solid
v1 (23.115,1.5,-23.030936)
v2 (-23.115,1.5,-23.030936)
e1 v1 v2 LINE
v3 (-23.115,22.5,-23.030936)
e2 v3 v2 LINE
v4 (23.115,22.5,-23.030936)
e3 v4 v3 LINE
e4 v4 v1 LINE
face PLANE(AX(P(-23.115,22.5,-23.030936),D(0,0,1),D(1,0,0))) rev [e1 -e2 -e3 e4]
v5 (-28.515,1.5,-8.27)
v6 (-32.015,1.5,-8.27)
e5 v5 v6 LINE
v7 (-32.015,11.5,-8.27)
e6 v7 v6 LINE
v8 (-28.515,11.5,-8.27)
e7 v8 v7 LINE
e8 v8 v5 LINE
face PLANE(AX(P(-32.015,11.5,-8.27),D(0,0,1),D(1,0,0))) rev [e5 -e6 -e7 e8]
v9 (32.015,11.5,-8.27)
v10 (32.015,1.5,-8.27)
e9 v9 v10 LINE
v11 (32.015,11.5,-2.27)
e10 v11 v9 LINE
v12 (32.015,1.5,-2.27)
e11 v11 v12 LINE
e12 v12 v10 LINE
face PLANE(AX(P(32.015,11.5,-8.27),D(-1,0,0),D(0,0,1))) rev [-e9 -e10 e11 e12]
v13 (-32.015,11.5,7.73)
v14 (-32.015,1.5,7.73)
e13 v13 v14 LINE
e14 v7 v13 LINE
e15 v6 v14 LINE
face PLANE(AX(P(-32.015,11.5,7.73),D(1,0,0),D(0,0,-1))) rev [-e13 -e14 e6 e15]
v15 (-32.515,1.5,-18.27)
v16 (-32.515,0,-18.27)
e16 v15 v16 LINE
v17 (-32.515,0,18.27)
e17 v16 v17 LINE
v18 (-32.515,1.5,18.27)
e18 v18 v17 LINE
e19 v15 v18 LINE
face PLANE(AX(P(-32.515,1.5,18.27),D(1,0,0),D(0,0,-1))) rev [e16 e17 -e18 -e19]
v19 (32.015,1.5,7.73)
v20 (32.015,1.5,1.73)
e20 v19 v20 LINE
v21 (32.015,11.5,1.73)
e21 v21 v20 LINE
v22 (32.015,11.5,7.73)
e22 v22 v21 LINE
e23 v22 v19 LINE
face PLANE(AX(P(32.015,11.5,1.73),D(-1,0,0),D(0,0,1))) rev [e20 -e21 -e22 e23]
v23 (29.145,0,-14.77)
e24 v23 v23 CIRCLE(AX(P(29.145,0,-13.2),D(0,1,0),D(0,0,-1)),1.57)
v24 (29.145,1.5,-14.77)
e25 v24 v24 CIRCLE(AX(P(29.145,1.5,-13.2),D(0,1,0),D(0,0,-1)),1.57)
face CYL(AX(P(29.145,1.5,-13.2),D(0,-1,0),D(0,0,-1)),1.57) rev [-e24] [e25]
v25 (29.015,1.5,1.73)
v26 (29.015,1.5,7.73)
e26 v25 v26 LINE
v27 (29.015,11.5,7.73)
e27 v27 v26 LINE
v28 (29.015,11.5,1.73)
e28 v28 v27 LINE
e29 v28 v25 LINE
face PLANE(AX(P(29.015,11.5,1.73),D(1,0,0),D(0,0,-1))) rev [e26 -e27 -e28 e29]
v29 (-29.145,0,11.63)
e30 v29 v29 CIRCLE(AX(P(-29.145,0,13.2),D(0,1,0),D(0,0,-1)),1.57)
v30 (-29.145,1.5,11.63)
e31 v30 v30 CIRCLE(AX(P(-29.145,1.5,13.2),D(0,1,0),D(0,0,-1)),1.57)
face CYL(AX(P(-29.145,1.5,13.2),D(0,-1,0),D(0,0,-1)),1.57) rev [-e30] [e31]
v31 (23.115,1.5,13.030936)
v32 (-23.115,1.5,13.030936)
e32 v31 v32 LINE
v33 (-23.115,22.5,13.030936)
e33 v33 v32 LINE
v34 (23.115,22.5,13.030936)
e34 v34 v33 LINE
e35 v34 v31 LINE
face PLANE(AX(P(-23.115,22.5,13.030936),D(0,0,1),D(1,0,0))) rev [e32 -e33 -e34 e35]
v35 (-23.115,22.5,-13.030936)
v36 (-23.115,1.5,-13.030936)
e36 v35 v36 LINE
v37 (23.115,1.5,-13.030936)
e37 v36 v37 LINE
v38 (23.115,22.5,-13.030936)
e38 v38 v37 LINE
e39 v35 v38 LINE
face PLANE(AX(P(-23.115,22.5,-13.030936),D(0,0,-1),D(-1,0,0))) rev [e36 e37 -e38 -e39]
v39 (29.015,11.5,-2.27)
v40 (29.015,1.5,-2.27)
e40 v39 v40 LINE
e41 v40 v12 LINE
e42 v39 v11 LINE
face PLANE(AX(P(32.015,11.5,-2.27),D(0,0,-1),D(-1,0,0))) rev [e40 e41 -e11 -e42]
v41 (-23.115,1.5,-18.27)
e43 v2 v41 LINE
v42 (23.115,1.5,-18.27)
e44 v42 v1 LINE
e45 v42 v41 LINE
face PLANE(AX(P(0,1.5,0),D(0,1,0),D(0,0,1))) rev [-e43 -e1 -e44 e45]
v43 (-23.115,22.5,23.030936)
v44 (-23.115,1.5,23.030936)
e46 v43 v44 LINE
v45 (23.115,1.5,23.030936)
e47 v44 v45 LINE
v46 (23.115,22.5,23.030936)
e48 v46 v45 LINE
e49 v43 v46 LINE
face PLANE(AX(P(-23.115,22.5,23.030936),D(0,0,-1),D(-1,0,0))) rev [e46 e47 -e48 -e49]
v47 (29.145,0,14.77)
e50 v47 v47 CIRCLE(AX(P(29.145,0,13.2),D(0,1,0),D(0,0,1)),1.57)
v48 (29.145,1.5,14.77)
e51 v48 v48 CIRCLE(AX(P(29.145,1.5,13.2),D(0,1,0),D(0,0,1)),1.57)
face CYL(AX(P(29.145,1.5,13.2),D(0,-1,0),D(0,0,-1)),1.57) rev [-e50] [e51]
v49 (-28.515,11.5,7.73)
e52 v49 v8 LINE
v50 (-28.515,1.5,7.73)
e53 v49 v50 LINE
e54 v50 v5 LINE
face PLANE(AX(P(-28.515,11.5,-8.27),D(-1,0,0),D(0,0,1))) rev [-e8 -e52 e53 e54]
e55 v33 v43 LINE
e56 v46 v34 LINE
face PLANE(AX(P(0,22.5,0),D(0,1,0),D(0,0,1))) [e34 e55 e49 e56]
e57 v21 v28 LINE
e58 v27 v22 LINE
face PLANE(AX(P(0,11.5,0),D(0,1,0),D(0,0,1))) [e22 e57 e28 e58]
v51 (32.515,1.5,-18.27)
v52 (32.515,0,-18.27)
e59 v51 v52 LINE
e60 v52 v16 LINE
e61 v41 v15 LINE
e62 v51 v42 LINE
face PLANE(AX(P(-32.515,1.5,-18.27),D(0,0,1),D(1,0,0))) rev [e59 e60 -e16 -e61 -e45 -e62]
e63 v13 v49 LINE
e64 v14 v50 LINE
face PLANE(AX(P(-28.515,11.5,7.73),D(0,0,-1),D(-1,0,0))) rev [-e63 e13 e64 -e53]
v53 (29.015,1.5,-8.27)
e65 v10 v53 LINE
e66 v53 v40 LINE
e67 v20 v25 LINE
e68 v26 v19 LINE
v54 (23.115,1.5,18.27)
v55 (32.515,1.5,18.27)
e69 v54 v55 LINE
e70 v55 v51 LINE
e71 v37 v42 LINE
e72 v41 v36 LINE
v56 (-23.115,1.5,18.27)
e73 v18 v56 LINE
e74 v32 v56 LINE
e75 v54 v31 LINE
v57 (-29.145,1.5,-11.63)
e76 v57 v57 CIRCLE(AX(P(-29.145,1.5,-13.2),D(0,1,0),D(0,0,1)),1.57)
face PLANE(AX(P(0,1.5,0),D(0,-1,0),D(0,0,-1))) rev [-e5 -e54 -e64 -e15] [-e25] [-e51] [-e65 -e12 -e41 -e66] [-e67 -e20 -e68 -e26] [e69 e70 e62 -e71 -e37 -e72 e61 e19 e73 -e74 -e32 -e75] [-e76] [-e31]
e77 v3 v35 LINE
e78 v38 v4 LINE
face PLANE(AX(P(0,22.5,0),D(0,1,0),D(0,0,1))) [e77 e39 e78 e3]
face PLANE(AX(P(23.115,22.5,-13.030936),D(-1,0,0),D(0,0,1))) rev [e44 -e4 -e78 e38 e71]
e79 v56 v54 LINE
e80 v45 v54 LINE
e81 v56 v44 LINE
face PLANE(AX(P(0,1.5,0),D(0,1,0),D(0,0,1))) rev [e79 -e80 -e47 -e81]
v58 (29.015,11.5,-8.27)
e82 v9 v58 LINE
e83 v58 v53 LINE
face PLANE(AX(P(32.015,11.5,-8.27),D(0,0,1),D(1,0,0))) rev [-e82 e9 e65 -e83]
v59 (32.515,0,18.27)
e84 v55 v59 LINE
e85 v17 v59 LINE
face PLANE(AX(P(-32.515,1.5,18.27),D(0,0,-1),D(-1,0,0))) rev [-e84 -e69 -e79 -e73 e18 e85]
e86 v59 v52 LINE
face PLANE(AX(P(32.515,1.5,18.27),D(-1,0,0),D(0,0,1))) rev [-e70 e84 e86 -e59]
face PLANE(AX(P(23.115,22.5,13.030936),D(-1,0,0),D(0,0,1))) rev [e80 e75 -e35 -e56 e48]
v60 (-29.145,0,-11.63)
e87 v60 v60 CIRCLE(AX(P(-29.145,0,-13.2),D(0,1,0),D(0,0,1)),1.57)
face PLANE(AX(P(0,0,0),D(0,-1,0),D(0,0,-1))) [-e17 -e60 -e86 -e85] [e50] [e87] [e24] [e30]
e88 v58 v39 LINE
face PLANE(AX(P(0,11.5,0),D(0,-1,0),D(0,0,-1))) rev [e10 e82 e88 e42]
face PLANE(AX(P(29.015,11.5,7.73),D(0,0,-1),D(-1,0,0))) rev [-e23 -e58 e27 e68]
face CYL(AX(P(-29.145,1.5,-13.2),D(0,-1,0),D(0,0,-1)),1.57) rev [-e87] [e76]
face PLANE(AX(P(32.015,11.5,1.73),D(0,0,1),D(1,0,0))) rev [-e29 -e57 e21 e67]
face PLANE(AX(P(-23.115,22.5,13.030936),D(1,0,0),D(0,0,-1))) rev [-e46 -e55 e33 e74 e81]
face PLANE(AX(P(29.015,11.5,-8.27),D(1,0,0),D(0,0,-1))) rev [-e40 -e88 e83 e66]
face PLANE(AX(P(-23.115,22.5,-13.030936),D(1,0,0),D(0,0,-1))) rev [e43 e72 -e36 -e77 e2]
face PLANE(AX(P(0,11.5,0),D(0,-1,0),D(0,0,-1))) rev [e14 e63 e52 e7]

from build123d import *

# Parameters (mm, degrees)
SKETCH1_W           = 65.03
SKETCH1_H           = 36.54
SKETCH1_R           = 1.57
BOSS_EXTRUDE1_DEPTH = 1.5
SKETCH2_W           = 3
SKETCH2_H           = 6
SKETCH2_W_2         = 3.5
SKETCH2_H_2         = 16
BOSS_EXTRUDE2_DEPTH = 10
SKETCH3_W           = 46.23
SKETCH3_H           = 10
BOSS_EXTRUDE3_DEPTH = 21


with BuildPart() as part:
    # Sketch1 → Boss-Extrude1 (new body)
    with BuildSketch(Plane(origin=(0, 0, 0), x_dir=(1, 0, 0), z_dir=(0, 1, 0))):
        Rectangle(SKETCH1_W, SKETCH1_H)
        with Locations(Location((-29.145, 13.2, 0), (0, 0, 270))):
            Circle(SKETCH1_R, mode=Mode.SUBTRACT)
        with Locations(Location((29.145, 13.2, 0), (0, 0, 90))):
            Circle(SKETCH1_R, mode=Mode.SUBTRACT)
        with Locations(Location((29.145, -13.2, 0), (0, 0, 270))):
            Circle(SKETCH1_R, mode=Mode.SUBTRACT)
        with Locations(Location((-29.145, -13.2, 0), (0, 0, 90))):
            Circle(SKETCH1_R, mode=Mode.SUBTRACT)
    extrude(amount=BOSS_EXTRUDE1_DEPTH)

    # Sketch2 → Boss-Extrude2 (add)
    with BuildSketch(Plane(origin=(0, 1.5, 0), x_dir=(1, 0, 0), z_dir=(0, 1, 0))):
        with Locations((30.515, -4.73)):
            Rectangle(SKETCH2_W, SKETCH2_H)
        with Locations((-30.265, 0.27)):
            Rectangle(SKETCH2_W_2, SKETCH2_H_2)
        with Locations((30.515, 5.27)):
            Rectangle(SKETCH2_W, SKETCH2_H)
    extrude(amount=BOSS_EXTRUDE2_DEPTH)

    # Sketch3 → Boss-Extrude3 (add)
    with BuildSketch(Plane(origin=(0, 1.5, 0), x_dir=(1, 0, 0), z_dir=(0, 1, 0))):
        with Locations((0, -18.030936004)):
            Rectangle(SKETCH3_W, SKETCH3_H)
        with Locations((0, 18.030936004)):
            Rectangle(SKETCH3_W, SKETCH3_H)
    extrude(amount=BOSS_EXTRUDE3_DEPTH)


solid = part.part
